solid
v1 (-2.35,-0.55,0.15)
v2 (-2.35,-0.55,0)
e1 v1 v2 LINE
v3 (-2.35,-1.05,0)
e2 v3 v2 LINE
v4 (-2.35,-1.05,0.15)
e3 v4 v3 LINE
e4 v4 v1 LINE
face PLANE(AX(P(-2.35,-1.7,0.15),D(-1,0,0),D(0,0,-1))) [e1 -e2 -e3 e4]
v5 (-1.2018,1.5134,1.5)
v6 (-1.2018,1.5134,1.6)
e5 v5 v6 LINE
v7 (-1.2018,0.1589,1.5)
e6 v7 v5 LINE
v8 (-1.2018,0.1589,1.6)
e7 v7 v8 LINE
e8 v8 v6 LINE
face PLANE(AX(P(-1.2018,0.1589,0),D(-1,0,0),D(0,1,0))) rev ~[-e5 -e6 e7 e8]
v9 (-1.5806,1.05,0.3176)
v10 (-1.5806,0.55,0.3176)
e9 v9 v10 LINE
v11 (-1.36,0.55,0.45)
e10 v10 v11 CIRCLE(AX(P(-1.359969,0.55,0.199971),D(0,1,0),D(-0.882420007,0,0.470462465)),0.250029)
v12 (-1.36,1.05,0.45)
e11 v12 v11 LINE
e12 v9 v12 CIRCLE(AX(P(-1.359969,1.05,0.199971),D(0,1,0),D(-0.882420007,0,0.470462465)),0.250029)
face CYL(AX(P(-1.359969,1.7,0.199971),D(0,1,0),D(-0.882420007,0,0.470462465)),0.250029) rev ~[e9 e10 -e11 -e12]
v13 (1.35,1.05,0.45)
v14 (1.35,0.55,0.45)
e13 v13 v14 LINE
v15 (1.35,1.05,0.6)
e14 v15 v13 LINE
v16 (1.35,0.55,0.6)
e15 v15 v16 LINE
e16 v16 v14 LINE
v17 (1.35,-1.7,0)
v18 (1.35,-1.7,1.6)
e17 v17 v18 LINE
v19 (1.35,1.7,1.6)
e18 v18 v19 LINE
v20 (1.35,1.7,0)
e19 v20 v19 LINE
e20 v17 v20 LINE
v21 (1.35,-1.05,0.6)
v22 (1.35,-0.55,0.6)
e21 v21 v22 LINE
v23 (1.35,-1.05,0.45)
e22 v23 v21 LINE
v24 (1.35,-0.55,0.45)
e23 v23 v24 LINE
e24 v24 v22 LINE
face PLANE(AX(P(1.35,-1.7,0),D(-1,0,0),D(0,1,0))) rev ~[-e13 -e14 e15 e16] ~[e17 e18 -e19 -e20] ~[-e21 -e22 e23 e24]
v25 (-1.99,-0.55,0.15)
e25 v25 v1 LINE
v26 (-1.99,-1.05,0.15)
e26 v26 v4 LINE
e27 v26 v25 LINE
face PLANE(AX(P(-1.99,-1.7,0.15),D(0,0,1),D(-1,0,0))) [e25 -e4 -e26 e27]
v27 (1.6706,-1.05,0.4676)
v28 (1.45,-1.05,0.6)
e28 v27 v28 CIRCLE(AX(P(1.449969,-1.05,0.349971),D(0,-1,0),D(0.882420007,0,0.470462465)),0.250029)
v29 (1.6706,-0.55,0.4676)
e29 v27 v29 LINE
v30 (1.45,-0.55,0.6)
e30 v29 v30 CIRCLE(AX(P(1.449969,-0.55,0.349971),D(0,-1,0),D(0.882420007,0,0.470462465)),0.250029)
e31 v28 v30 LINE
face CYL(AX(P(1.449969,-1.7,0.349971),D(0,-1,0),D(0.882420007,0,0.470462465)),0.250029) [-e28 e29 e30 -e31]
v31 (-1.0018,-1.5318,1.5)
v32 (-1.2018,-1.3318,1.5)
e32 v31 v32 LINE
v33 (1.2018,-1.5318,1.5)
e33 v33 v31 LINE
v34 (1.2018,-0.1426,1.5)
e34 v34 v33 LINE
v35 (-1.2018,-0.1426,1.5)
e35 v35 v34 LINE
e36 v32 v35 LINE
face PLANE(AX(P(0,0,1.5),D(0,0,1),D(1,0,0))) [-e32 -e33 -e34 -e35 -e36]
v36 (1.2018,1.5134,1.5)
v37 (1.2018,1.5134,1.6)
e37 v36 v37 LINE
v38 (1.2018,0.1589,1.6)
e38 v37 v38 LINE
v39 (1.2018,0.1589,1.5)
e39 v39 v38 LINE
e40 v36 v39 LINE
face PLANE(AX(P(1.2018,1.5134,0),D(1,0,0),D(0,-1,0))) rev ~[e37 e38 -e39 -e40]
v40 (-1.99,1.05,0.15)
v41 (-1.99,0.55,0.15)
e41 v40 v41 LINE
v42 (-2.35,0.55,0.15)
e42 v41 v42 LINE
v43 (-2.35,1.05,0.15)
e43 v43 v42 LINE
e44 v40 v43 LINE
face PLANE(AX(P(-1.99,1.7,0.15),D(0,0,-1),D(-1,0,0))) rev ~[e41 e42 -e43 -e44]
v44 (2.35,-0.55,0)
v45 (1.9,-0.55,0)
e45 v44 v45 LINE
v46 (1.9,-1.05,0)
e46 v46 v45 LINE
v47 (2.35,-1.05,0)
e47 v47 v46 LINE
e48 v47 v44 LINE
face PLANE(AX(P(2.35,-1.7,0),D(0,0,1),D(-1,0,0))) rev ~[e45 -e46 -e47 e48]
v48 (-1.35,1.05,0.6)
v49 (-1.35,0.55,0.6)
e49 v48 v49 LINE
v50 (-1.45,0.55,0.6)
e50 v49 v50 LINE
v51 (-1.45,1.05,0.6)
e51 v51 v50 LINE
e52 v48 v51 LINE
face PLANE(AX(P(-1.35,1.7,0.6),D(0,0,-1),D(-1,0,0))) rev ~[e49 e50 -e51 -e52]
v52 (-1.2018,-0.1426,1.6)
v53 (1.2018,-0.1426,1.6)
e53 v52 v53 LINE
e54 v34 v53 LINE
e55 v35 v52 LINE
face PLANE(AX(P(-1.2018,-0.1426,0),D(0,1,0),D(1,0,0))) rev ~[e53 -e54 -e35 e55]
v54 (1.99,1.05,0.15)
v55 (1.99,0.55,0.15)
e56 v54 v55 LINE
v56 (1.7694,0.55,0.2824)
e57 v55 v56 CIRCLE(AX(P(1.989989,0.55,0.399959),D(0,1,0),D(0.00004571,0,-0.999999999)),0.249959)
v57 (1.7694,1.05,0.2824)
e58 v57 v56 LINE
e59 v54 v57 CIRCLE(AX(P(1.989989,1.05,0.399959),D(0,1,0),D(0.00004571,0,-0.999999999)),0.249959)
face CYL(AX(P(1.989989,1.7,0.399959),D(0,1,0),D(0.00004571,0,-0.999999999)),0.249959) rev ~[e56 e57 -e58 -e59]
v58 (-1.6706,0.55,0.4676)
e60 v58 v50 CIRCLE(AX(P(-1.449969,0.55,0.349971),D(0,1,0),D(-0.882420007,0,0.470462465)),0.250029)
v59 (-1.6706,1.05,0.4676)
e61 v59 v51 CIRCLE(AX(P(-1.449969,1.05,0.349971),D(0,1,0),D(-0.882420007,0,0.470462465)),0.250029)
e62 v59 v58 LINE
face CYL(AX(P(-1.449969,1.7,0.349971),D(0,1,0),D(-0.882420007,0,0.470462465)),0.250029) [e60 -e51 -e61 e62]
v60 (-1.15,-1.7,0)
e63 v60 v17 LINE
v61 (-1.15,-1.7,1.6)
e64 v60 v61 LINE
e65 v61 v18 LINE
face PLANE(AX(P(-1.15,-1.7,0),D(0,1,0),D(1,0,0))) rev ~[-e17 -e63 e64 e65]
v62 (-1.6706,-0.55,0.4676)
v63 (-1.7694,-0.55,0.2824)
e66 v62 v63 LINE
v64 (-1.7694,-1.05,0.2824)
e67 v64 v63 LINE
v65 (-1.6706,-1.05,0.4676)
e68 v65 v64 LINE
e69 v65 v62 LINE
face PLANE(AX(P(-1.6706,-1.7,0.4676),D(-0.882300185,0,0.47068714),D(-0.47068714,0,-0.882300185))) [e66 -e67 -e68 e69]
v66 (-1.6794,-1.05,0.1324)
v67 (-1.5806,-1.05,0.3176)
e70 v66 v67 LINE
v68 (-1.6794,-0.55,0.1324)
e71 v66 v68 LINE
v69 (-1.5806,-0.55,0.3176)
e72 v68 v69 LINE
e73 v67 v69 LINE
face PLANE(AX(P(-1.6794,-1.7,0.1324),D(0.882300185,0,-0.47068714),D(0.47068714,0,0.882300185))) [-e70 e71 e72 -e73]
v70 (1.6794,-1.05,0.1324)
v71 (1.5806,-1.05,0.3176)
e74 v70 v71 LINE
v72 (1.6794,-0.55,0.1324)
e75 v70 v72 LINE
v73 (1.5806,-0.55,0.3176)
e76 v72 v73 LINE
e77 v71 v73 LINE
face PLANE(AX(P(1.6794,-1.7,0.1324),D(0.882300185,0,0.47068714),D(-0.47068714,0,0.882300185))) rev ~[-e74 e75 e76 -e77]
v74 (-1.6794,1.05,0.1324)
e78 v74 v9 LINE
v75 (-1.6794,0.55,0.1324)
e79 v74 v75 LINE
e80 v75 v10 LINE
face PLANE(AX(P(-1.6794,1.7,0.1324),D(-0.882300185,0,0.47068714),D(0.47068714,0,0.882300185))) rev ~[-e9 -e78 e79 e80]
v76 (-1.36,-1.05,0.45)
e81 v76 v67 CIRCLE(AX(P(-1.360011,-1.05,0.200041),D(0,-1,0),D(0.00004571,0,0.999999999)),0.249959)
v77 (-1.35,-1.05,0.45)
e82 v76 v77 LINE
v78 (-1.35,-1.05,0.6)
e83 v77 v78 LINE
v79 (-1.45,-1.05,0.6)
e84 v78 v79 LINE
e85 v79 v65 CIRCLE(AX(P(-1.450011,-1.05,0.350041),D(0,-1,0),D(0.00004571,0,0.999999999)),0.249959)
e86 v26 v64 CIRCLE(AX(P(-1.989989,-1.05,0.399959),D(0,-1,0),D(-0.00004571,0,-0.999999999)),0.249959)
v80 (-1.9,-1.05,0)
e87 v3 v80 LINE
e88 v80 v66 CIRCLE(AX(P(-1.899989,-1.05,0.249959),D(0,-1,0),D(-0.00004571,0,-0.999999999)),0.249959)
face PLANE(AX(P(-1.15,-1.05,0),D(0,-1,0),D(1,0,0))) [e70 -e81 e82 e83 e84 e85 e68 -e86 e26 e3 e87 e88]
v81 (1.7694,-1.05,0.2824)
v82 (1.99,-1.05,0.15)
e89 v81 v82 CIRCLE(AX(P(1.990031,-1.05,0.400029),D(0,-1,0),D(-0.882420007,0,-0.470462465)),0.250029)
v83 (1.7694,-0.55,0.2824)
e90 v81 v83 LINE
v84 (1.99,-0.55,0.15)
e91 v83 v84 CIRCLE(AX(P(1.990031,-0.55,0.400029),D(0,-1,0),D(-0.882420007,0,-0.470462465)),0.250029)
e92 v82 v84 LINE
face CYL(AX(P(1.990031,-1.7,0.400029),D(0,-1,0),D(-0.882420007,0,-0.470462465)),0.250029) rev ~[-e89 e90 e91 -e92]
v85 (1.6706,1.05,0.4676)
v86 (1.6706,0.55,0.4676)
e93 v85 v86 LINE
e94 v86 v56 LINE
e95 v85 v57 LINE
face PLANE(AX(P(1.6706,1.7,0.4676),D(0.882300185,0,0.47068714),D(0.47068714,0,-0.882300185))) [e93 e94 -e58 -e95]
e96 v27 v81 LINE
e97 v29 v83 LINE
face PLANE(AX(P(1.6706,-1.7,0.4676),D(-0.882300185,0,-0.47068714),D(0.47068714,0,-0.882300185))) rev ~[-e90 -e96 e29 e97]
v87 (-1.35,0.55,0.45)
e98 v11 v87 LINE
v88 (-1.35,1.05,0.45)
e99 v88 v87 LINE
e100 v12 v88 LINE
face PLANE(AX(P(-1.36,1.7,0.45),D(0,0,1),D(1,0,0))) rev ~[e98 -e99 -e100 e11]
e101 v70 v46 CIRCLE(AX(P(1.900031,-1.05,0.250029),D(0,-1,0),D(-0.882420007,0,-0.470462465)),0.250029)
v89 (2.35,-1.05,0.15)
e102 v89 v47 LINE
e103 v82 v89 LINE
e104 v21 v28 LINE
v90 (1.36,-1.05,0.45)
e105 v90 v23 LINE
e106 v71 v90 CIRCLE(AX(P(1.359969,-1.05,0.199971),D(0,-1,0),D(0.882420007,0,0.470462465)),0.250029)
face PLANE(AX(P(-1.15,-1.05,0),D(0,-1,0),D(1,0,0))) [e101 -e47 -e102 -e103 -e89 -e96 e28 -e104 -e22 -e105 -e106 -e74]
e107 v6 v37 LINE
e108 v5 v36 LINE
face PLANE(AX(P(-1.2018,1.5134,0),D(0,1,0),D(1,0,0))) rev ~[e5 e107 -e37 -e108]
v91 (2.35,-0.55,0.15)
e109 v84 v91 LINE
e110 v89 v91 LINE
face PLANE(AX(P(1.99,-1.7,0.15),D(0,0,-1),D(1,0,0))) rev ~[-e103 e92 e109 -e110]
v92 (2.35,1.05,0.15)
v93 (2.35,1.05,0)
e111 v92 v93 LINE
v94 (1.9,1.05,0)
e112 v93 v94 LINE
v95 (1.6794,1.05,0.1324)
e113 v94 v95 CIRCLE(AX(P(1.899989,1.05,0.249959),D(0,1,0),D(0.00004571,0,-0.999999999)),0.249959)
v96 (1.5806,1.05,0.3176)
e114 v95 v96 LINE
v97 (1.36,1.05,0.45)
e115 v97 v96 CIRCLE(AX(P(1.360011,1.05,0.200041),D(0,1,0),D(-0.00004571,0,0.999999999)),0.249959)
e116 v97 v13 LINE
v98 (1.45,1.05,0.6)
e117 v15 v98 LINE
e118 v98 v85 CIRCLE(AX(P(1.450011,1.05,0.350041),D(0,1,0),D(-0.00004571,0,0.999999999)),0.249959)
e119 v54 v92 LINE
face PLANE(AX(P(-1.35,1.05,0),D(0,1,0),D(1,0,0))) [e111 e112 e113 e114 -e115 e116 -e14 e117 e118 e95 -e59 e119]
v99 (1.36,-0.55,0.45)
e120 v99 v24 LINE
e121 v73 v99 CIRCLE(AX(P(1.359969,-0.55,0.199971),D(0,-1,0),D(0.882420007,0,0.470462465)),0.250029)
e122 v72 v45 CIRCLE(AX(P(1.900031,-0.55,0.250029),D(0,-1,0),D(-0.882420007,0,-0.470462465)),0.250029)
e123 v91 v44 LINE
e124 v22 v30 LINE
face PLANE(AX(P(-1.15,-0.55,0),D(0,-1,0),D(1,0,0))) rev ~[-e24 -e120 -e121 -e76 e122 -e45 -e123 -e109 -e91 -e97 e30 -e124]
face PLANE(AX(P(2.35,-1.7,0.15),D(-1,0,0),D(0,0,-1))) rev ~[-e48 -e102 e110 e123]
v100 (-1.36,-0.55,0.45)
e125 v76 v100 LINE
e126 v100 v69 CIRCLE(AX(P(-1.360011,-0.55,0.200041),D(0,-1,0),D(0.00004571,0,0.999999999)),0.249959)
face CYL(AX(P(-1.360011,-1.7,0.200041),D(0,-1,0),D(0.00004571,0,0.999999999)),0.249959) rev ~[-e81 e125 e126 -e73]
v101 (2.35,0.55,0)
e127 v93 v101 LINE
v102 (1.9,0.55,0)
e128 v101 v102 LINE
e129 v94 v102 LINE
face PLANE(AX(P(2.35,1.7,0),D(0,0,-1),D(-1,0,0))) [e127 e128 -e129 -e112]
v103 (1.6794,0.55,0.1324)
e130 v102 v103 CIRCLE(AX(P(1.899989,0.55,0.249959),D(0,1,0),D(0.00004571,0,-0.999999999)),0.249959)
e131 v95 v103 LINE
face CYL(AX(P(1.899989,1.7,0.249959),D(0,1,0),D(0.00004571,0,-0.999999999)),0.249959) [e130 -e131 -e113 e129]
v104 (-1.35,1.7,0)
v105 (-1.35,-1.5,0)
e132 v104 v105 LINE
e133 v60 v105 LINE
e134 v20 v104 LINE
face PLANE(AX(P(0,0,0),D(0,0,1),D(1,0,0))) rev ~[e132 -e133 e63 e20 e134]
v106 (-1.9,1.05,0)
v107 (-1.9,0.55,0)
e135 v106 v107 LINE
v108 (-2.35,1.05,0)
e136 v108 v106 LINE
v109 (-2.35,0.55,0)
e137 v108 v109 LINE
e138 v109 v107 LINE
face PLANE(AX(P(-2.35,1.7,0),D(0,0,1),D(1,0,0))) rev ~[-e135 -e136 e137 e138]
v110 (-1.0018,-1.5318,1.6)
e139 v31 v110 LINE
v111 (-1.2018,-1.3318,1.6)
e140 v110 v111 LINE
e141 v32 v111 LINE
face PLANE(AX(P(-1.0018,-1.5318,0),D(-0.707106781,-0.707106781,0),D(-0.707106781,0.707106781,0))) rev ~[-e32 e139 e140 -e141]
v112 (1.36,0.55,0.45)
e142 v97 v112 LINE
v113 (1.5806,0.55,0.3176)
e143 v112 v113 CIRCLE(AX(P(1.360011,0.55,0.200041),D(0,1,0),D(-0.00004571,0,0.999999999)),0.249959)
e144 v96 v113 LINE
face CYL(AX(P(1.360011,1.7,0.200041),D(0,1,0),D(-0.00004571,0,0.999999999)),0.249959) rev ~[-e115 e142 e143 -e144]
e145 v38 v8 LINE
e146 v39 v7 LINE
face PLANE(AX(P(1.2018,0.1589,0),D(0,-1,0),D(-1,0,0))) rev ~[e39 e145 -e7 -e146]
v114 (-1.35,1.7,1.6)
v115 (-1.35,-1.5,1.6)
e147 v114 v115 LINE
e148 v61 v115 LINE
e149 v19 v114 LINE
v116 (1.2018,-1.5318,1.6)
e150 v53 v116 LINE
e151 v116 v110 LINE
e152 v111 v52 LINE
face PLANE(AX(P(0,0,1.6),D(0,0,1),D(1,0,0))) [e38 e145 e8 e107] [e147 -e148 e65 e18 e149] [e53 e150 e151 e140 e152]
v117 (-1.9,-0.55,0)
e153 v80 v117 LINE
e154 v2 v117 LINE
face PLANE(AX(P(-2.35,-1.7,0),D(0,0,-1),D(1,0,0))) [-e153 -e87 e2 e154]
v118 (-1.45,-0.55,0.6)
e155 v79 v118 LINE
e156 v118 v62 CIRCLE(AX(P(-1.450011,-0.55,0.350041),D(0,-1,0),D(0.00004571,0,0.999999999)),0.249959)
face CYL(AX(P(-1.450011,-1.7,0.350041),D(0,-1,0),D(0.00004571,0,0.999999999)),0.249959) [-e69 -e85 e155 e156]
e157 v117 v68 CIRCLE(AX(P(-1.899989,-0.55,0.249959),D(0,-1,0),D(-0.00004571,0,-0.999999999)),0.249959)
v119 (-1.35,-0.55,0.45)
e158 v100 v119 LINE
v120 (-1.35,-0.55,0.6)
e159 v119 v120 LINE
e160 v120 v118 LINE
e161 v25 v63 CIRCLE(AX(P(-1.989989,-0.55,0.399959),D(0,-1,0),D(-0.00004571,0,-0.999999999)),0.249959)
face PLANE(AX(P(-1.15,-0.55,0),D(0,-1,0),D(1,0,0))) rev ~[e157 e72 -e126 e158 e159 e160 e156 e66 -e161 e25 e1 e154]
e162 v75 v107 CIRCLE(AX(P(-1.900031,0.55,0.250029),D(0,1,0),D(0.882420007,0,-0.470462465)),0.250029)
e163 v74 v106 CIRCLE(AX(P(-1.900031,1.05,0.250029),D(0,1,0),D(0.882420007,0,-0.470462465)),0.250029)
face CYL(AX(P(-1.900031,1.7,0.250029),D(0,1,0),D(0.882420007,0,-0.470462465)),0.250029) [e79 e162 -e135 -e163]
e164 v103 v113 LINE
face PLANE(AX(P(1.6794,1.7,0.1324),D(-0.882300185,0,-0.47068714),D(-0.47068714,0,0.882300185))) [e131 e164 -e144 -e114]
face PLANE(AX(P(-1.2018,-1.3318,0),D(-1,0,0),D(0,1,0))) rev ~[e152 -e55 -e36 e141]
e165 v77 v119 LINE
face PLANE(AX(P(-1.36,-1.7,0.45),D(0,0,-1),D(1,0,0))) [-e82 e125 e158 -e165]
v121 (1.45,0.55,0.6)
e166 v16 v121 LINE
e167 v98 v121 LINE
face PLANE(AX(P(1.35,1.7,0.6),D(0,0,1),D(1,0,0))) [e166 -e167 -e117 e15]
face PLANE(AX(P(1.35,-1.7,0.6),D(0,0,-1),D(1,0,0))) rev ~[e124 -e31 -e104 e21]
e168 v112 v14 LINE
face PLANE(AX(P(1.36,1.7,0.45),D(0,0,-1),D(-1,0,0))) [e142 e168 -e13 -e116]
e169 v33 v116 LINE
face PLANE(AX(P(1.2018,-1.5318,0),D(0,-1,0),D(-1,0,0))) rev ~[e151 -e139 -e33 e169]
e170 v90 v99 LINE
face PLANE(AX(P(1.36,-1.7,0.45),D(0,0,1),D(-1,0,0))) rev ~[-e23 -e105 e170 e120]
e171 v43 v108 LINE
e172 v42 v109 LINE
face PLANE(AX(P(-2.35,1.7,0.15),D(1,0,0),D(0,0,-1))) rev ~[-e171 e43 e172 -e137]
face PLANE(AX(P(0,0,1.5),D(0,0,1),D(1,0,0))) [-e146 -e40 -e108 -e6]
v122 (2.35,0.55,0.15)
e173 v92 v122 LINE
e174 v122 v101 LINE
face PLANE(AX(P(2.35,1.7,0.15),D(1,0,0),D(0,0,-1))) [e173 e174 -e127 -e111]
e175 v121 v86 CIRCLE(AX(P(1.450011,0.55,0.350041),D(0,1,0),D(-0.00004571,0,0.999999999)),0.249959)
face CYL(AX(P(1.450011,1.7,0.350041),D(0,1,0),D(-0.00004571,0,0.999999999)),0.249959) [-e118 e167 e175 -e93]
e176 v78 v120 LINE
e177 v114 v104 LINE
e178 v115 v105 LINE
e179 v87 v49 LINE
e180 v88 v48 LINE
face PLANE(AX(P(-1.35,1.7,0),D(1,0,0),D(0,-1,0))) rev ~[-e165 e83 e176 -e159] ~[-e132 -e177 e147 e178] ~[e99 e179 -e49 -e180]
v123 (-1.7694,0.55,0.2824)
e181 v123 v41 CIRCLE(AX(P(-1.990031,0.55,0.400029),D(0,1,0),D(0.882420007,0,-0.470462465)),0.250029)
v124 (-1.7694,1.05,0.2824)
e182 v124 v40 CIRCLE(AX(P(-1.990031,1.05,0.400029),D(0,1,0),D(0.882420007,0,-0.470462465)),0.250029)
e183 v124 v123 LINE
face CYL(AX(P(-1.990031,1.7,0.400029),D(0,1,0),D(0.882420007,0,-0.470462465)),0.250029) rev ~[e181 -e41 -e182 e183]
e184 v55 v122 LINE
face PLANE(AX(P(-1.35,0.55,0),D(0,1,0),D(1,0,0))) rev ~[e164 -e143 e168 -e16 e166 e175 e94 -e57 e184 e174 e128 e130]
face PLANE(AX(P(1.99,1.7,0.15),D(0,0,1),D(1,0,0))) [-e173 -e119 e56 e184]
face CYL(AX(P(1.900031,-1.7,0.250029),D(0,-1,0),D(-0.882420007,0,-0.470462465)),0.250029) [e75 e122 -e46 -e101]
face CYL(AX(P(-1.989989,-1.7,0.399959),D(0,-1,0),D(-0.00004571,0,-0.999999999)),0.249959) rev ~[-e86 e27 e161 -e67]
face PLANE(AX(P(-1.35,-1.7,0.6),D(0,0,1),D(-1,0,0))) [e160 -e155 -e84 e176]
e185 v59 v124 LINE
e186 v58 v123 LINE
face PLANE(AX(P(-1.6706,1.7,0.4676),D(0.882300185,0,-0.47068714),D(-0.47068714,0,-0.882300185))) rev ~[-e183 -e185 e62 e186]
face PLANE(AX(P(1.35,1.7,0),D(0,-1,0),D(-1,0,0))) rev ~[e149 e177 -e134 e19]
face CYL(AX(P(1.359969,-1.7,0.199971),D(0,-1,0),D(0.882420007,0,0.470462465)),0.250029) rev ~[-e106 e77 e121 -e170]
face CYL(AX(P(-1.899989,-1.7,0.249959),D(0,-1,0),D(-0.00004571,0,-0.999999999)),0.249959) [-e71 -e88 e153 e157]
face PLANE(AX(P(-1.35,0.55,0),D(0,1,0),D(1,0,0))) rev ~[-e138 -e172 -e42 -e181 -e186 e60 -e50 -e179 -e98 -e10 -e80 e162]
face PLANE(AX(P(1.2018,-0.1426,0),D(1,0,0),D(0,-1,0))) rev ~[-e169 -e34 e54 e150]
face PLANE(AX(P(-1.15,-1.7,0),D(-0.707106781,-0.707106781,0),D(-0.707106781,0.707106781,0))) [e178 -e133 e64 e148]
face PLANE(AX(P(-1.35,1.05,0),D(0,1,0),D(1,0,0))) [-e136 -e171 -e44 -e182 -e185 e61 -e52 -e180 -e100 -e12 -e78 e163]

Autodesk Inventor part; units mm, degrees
ref_plane "YZ Plane" through (0, 0, 0) normal (1, 0, 0) x (0, 1, 0)
ref_plane "XZ Plane" through (0, 0, 0) normal (0, 1, 0) x (-1, 0, 0)
ref_plane "XY Plane" through (0, 0, 0) normal (0, 0, 1) x (1, 0, 0)
sketch "Эскиз1" plane through (0, 0, 0) normal (0, 0, 1) x (1, 0, 0)
  line L0 (-1.15, -1.7) -> (1.35, -1.7)
  line L1 (1.35, -1.7) -> (1.35, 1.7)
  line L2 (1.35, 1.7) -> (-1.35, 1.7)
  line L3 (-1.35, 1.7) -> (-1.35, -1.5)
  line L4 (-1.35, -1.7) -> (1.35, 1.7) construction
  line L5 (1.35, -1.7) -> (-1.35, 1.7) construction
  line L6 (1.2018, 0.1589) -> (-1.2018, 0.1589)
  line L7 (-1.2018, 0.1589) -> (-1.2018, 1.5134)
  line L8 (-1.2018, 1.5134) -> (1.2018, 1.5134)
  line L9 (1.2018, 1.5134) -> (1.2018, 0.1589)
  line L10 (1.2018, 0.1589) -> (-1.2018, 1.5134) construction
  line L11 (-1.2018, 0.1589) -> (1.2018, 1.5134) construction
  line L12 (-1.15, -1.7) -> (-1.35, -1.5)
  line L13 (1.2018, -1.5318) -> (-1.0018, -1.5318)
  line L14 (-1.2018, -1.3318) -> (-1.2018, -0.1426)
  line L15 (-1.2018, -0.1426) -> (1.2018, -0.1426)
  line L16 (1.2018, -0.1426) -> (1.2018, -1.5318)
  line L17 (1.2018, -1.5318) -> (-1.2018, -0.1426) construction
  line L18 (-1.2018, -1.5318) -> (1.2018, -0.1426) construction
  line L19 (-1.0018, -1.5318) -> (-1.2018, -1.3318)
  point P0 (0, 0)
  point P1 (0, 0.8361)
  point P2 (0, -0.8372)
  dimension "d0" = 2.7
  dimension "d1" = 3.4
  dimension "d2" = 0.2
  dimension "d3" = 0.2
  dimension "d4" = 0.2
  dimension "d5" = 0.2
extrude "Выдавливание1" add sketch "Эскиз1" along normal blind 1.6
extrude "Выдавливание2" add sketch "Эскиз1" along normal blind 1.5 contours L6 L7 L8 L9 | L13 L19 L14 L15 L16
sketch "Эскиз2" plane through (-1.35, 1.7, 0) normal (0, 1, 0) x (1, 0, 0)
  line L0 (0, 0) -> (0, -1.6) projected
  line L1 (0, -0.6) -> (-0.1, -0.6)
  line L2 (-0.3206, -0.4676) -> (-0.4194, -0.2824)
  line L3 (-0.64, -0.15) -> (-1, -0.15)
  line L4 (-1, -0.15) -> (-1, 0)
  line L5 (-1, 0) -> (-0.55, 0)
  line L6 (-0.3294, -0.1324) -> (-0.2306, -0.3176)
  line L7 (-0.01, -0.45) -> (0, -0.45)
  line L8 (0, 0) -> (2.7, 0) projected
  arc A0 (-0.4194, -0.2824) -> (-0.64, -0.15) centre (-0.64, -0.4) ccw
  arc A1 (-0.3206, -0.4676) -> (-0.1, -0.6) centre (-0.1, -0.35) ccw
  arc A2 (-0.2306, -0.3176) -> (-0.01, -0.45) centre (-0.01, -0.2) ccw
  arc A3 (-0.3294, -0.1324) -> (-0.55, 0) centre (-0.55, -0.25) ccw
  line L9 (1.35, 0) -> (1.35, -1.6) construction
  line L10 (2.7, -0.6) -> (2.8, -0.6)
  line L11 (3.0206, -0.4676) -> (3.1194, -0.2824)
  line L12 (3.34, -0.15) -> (3.7, -0.15)
  line L13 (3.7, -0.15) -> (3.7, 0)
  line L14 (3.7, 0) -> (3.25, 0)
  line L15 (3.0294, -0.1324) -> (2.9306, -0.3176)
  line L16 (2.71, -0.45) -> (2.7, -0.45)
  arc A4 (3.34, -0.15) -> (3.1194, -0.2824) centre (3.34, -0.4) ccw
  arc A5 (2.8, -0.6) -> (3.0206, -0.4676) centre (2.8, -0.35) ccw
  arc A6 (2.71, -0.45) -> (2.9306, -0.3176) centre (2.71, -0.2) ccw
  arc A7 (3.25, 0) -> (3.0294, -0.1324) centre (3.25, -0.25) ccw
  line L17 (0, -0.6) -> (0, -0.45)
  line L18 (2.7, -0.6) -> (2.7, -0.45)
  line L19 (2.7, 0) -> (2.7, -1.6) projected
  point P0 (-0.25, -0.6)
  point P1 (-0.4, 0)
  point P2 (2.95, -0.6)
  point P3 (3.1, 0)
  dimension "d10" = 0.25
  dimension "d11" = 0.15
  dimension "d12" = 0.15
  dimension "d13" = 0.15
  dimension "d14" = 0.6
  dimension "d15" = 1
  dimension "d16" = 0.6
  dimension "d17" = 0.25
extrude "Выдавливание3" add sketch "Эскиз2" against normal blind 1.15
extrude "Выдавливание4" cut sketch "Эскиз2" against normal blind 0.65
sketch "Эскиз3" plane through (-1.15, -1.7, 0) normal (0, -1, 0) x (1, 0, 0)
  line L0 (-1.2, 0) -> (-0.75, 0)
  line L1 (3.5, 0) -> (3.05, 0)
  line L2 (-0.2, 0) -> (-0.2, 1.6) projected
  line L3 (2.5, 0) -> (2.5, 1.6) projected
  line L4 (2.5, 0) -> (-0.2, 0) construction
  line L5 (-0.2, 0.6) -> (-0.3, 0.6)
  line L6 (-0.5206, 0.4676) -> (-0.6194, 0.2824)
  line L7 (-0.84, 0.15) -> (-1.2, 0.15)
  line L8 (-1.2, 0.15) -> (-1.2, 0)
  line L9 (-0.5294, 0.1324) -> (-0.4306, 0.3176)
  line L10 (-0.21, 0.45) -> (-0.2, 0.45)
  arc A0 (-0.84, 0.15) -> (-0.6194, 0.2824) centre (-0.84, 0.4) ccw
  arc A1 (-0.3, 0.6) -> (-0.5206, 0.4676) centre (-0.3, 0.35) ccw
  arc A2 (-0.21, 0.45) -> (-0.4306, 0.3176) centre (-0.21, 0.2) ccw
  arc A3 (-0.75, 0) -> (-0.5294, 0.1324) centre (-0.75, 0.25) ccw
  line L11 (1.15, 0) -> (1.15, 0.6) construction
  arc A4 (2.7306, 0.3176) -> (2.51, 0.45) centre (2.51, 0.2) ccw
  arc A5 (2.8206, 0.4676) -> (2.6, 0.6) centre (2.6, 0.35) ccw
  line L12 (2.8294, 0.1324) -> (2.7306, 0.3176)
  line L13 (2.8206, 0.4676) -> (2.9194, 0.2824)
  arc A6 (2.8294, 0.1324) -> (3.05, 0) centre (3.05, 0.25) ccw
  arc A7 (2.9194, 0.2824) -> (3.14, 0.15) centre (3.14, 0.4) ccw
  line L14 (3.14, 0.15) -> (3.5, 0.15)
  line L15 (3.5, 0.15) -> (3.5, 0)
  line L16 (2.5, 0.6) -> (2.6, 0.6)
  line L17 (2.51, 0.45) -> (2.5, 0.45)
  line L18 (-0.2, 0.6) -> (-0.2, 0.45)
  line L19 (2.5, 0.6) -> (2.5, 0.45)
  point P0 (-0.6, 0)
  point P1 (2.9, 0)
  point P2 (-0.45, 0.6)
  point P3 (2.75, 0.6)
  dimension "d28" = 0.6
extrude "Выдавливание5" add sketch "Эскиз3" against normal blind 1.15
extrude "Выдавливание6" cut sketch "Эскиз3" against normal blind 0.65
equation "\"d3\" = d2"
equation "\"d5\" = d4"
properties part number "QRE1113"
